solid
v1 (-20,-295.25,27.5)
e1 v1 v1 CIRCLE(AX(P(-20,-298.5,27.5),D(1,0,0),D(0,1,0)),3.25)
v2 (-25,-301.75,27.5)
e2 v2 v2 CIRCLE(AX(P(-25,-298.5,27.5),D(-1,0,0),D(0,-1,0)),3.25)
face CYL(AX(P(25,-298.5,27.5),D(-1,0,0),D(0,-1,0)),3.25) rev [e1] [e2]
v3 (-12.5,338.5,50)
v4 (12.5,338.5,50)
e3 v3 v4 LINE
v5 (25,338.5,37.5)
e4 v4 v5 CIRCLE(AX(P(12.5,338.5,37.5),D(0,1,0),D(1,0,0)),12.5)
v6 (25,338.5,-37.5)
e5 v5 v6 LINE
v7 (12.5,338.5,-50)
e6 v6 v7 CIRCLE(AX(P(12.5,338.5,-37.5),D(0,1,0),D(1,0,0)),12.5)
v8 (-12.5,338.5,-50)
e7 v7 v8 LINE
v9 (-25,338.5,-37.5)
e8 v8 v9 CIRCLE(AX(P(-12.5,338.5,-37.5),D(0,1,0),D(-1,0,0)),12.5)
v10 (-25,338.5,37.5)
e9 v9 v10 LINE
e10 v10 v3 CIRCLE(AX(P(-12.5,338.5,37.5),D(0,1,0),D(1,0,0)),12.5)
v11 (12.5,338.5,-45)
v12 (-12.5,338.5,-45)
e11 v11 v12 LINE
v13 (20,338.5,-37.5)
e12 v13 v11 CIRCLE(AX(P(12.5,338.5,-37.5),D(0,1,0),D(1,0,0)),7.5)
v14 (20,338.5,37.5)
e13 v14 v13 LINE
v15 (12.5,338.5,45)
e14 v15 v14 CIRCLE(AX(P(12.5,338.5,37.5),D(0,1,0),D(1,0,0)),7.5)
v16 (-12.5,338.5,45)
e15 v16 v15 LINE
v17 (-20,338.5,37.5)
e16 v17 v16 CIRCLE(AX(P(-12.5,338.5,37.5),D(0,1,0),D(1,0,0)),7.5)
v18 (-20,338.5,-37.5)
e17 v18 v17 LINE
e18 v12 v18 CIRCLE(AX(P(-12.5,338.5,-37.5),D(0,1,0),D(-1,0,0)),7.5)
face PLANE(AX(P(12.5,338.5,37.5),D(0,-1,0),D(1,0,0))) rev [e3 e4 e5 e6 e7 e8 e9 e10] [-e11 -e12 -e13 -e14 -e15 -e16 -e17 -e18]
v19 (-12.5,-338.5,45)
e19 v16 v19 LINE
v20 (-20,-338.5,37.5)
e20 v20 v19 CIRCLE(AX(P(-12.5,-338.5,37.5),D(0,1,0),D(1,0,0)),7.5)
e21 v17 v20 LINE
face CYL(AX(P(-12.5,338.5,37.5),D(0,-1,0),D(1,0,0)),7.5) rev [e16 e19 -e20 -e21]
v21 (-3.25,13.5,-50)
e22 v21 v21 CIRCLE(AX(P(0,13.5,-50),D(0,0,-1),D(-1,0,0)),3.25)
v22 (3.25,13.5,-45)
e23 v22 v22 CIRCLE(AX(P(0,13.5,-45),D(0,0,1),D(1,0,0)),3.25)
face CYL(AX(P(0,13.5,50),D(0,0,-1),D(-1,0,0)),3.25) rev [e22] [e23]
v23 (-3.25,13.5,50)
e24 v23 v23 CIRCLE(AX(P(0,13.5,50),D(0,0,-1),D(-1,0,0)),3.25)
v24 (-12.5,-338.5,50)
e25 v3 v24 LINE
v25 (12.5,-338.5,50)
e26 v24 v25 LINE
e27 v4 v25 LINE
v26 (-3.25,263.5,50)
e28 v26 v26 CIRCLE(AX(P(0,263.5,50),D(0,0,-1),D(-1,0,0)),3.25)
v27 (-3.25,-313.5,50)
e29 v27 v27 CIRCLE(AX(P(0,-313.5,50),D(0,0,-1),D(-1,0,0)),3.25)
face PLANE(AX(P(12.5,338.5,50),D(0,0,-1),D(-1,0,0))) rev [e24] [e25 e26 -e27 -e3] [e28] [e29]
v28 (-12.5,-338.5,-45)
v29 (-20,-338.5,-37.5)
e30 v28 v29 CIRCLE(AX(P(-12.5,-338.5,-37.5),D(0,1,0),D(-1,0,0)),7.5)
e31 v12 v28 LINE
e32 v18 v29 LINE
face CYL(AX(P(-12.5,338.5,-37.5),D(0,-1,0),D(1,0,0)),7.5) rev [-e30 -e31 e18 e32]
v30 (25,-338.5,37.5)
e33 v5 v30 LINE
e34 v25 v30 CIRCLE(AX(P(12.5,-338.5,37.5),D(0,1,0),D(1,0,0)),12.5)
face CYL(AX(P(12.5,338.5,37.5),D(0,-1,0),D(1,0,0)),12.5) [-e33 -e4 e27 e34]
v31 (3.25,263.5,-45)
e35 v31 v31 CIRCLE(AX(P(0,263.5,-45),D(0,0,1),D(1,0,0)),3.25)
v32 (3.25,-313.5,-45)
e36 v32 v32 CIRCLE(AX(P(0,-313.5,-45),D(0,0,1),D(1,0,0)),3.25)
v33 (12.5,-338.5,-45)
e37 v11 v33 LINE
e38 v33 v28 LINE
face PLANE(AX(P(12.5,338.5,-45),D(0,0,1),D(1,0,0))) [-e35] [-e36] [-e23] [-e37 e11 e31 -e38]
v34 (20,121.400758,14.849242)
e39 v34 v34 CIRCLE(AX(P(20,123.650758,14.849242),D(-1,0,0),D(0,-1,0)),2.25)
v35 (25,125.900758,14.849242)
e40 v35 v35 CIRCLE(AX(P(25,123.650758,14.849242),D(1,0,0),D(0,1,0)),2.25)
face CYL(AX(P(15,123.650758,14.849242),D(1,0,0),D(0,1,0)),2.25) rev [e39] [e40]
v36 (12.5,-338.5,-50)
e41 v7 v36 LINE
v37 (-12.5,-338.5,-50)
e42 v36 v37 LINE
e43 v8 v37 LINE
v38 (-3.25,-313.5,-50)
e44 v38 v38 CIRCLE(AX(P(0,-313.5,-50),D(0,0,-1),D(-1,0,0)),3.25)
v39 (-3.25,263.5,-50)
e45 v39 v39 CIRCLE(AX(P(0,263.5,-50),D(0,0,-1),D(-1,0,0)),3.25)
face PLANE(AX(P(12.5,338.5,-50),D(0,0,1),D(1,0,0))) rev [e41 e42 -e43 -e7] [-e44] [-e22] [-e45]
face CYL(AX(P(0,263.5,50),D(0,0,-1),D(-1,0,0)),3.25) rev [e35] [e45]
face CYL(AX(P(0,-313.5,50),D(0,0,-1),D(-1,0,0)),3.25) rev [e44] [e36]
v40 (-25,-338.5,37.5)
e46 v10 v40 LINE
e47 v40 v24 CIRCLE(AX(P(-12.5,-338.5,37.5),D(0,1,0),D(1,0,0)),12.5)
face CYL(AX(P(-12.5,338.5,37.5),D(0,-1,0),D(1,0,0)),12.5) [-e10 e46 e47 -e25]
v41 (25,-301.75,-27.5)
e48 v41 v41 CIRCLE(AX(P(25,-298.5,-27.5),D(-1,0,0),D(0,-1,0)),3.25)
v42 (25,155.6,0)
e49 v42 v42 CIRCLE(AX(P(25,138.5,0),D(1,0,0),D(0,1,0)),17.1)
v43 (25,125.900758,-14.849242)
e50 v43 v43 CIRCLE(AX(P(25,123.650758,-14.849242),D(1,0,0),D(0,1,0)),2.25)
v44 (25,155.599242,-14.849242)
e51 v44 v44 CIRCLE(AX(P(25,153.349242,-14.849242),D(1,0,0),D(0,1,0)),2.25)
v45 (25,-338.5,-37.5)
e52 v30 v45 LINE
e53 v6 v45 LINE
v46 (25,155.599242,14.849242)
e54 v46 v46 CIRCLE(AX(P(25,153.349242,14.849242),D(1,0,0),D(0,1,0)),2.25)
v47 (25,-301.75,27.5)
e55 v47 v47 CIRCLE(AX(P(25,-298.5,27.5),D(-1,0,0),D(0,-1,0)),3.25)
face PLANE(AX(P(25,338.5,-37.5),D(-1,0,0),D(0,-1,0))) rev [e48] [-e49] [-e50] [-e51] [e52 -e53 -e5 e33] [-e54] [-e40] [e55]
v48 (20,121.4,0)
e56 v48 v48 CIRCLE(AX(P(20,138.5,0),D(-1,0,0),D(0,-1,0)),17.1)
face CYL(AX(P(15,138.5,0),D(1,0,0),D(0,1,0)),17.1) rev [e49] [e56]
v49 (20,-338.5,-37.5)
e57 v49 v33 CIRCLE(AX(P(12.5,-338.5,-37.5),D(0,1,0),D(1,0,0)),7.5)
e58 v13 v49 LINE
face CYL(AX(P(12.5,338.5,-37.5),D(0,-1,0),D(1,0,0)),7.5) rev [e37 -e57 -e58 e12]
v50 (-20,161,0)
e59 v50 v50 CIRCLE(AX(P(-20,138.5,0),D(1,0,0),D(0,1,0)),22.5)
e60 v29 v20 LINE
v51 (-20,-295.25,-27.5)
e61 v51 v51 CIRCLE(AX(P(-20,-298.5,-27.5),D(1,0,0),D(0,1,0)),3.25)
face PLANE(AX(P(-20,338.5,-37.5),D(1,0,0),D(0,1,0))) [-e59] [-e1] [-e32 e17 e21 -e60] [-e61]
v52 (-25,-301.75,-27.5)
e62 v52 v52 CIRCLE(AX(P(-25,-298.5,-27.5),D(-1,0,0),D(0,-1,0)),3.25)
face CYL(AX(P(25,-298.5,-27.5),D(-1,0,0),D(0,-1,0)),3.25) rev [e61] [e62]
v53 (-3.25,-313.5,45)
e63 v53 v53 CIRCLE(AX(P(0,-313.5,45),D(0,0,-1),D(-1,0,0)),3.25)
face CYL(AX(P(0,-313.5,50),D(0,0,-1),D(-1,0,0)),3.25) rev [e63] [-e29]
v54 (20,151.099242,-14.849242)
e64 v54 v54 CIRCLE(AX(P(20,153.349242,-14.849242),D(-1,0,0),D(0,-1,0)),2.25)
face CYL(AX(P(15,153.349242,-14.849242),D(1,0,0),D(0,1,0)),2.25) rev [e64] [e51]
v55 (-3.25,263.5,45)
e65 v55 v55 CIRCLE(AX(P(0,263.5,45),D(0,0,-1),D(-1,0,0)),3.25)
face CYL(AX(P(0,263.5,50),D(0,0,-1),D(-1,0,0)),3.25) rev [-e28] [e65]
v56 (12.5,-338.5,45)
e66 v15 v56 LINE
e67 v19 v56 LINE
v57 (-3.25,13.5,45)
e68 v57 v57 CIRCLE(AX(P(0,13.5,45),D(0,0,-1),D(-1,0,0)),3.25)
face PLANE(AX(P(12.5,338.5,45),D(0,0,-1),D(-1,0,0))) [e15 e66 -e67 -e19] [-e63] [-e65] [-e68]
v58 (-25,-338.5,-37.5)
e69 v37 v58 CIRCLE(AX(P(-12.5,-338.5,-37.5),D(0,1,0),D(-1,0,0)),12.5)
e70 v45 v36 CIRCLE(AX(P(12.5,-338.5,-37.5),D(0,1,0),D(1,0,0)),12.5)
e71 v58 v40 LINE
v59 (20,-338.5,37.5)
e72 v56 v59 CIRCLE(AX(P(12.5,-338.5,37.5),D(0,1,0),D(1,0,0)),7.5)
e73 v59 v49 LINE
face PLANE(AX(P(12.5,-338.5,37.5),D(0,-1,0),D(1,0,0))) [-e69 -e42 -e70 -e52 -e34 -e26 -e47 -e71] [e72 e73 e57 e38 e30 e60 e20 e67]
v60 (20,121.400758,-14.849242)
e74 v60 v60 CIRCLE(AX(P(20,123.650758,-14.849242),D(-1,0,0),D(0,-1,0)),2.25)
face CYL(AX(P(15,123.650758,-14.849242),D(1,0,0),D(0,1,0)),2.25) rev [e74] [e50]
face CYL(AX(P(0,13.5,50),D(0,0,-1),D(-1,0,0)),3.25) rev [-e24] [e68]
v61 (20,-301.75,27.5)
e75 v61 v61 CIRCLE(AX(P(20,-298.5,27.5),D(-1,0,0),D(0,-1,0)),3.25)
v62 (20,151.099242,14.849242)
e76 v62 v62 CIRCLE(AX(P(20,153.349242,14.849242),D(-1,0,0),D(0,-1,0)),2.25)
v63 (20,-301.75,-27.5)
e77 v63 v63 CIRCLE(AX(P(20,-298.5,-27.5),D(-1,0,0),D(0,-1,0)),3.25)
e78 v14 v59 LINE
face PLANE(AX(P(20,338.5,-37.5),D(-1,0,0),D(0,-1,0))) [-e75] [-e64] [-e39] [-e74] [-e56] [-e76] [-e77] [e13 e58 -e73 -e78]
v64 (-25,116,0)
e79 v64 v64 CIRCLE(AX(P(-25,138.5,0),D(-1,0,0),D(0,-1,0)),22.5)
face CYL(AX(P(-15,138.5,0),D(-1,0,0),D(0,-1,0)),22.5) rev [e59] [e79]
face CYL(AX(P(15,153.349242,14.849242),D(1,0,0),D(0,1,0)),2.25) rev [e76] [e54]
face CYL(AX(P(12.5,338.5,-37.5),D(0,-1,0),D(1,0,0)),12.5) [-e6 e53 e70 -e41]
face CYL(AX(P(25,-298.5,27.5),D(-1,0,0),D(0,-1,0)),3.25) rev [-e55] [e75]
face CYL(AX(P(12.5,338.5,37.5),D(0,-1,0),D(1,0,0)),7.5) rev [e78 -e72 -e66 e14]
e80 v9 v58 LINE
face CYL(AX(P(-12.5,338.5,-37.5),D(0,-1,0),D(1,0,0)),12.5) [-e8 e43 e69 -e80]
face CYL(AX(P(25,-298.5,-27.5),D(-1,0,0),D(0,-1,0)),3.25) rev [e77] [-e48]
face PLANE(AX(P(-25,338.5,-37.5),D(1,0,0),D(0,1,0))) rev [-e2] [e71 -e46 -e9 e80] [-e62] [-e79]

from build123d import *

# Parameters (mm, degrees)
RHS_C350_AS_100X50X5_0_RHS_C350_1_DEPTH = 677
SKETCH18_R                              = 3.25
CUT_EXTRUDE1_DEPTH                      = 354.846364966
SKETCH19_R                              = 17.1
CUT_EXTRUDE2_DEPTH                      = 10
SKETCH20_R                              = 22.5
CUT_EXTRUDE3_DEPTH                      = 10
SKETCH12_R                              = 2.25
CUT_EXTRUDE4_DEPTH                      = 10
SKETCH21_R                              = 3.25
CUT_EXTRUDE5_DEPTH                      = 346.806665638
SKETCH22_R                              = 3.25
CUT_EXTRUDE6_DEPTH                      = 354.846364966


with BuildPart() as part:
    # Sketch11 → Rhs c350 as 100X50X5.0 RHS C350(1) (new body)
    with BuildSketch(Plane(origin=(0, -338.5, 0), x_dir=(-1, 0, 0), z_dir=(0, 1, 0))):
        with BuildLine():
            Line((-12.5, -50), (12.5, -50))
            ThreePointArc((12.5, -50), (21.338834765, -46.338834765), (25, -37.5))
            Line((25, -37.5), (25, 37.5))
            ThreePointArc((25, 37.5), (21.338834765, 46.338834765), (12.5, 50))
            Line((12.5, 50), (-12.5, 50))
            ThreePointArc((-12.5, 50), (-21.338834765, 46.338834765), (-25, 37.5))
            Line((-25, 37.5), (-25, -37.5))
            ThreePointArc((-25, -37.5), (-21.338834765, -46.338834765), (-12.5, -50))
        make_face()
        with BuildLine():
            Line((-12.5, 45), (12.5, 45))
            ThreePointArc((12.5, 45), (17.803300859, 42.803300859), (20, 37.5))
            Line((20, 37.5), (20, -37.5))
            ThreePointArc((20, -37.5), (17.803300859, -42.803300859), (12.5, -45))
            Line((12.5, -45), (-12.5, -45))
            ThreePointArc((-12.5, -45), (-17.803300859, -42.803300859), (-20, -37.5))
            Line((-20, -37.5), (-20, 37.5))
            ThreePointArc((-20, 37.5), (-17.803300859, 42.803300859), (-12.5, 45))
        make_face(mode=Mode.SUBTRACT)
    extrude(amount=RHS_C350_AS_100X50X5_0_RHS_C350_1_DEPTH)

    # Sketch18 → Cut-Extrude1 (cut, through all)
    with BuildSketch(Plane(origin=(0, 0, -50), x_dir=(-1, 0, 0), z_dir=(0, 0, -1))):
        with Locations((0, 263.5)):
            Circle(SKETCH18_R)
        with Locations((0, 13.5)):
            Circle(SKETCH18_R)
    extrude(amount=-CUT_EXTRUDE1_DEPTH, mode=Mode.SUBTRACT)

    # Sketch19 → Cut-Extrude2 (cut)
    with BuildSketch(Plane(origin=(25, 0, 0), x_dir=(0, 0, -1), z_dir=(1, 0, 0))):
        with Locations(Location((0, 138.5, 0), (0, 0, 90))):
            Circle(SKETCH19_R)
    extrude(amount=-CUT_EXTRUDE2_DEPTH, mode=Mode.SUBTRACT)

    # Sketch20 → Cut-Extrude3 (cut)
    with BuildSketch(Plane.ZY.offset(25)):
        with Locations(Location((0, 138.5, 0), (0, 0, 270))):
            Circle(SKETCH20_R)
    extrude(amount=-CUT_EXTRUDE3_DEPTH, mode=Mode.SUBTRACT)

    # Sketch12 → Cut-Extrude4 (cut)
    with BuildSketch(Plane(origin=(25, 0, 0), x_dir=(0, 0, -1), z_dir=(1, 0, 0))):
        with Locations(Location((14.849242405, 153.349242405, 0), (0, 0, 90))):
            Circle(SKETCH12_R)
        with Locations(Location((-14.849242405, 153.349242405, 0), (0, 0, 90))):
            Circle(SKETCH12_R)
        with Locations(Location((-14.849242405, 123.650757595, 0), (0, 0, 90))):
            Circle(SKETCH12_R)
        with Locations(Location((14.849242405, 123.650757595, 0), (0, 0, 90))):
            Circle(SKETCH12_R)
    extrude(amount=-CUT_EXTRUDE4_DEPTH, mode=Mode.SUBTRACT)

    # Sketch21 → Cut-Extrude5 (cut, through all)
    with BuildSketch(Plane.ZY.offset(25)):
        with Locations(Location((-27.5, -298.5, 0), (0, 0, 270))):
            Circle(SKETCH21_R)
        with Locations(Location((27.5, -298.5, 0), (0, 0, 270))):
            Circle(SKETCH21_R)
    extrude(amount=-CUT_EXTRUDE5_DEPTH, mode=Mode.SUBTRACT)

    # Sketch22 → Cut-Extrude6 (cut, through all)
    with BuildSketch(Plane(origin=(0, 0, -50), x_dir=(-1, 0, 0), z_dir=(0, 0, -1))):
        with Locations((0, -313.5)):
            Circle(SKETCH22_R)
    extrude(amount=-CUT_EXTRUDE6_DEPTH, mode=Mode.SUBTRACT)


solid = part.part
